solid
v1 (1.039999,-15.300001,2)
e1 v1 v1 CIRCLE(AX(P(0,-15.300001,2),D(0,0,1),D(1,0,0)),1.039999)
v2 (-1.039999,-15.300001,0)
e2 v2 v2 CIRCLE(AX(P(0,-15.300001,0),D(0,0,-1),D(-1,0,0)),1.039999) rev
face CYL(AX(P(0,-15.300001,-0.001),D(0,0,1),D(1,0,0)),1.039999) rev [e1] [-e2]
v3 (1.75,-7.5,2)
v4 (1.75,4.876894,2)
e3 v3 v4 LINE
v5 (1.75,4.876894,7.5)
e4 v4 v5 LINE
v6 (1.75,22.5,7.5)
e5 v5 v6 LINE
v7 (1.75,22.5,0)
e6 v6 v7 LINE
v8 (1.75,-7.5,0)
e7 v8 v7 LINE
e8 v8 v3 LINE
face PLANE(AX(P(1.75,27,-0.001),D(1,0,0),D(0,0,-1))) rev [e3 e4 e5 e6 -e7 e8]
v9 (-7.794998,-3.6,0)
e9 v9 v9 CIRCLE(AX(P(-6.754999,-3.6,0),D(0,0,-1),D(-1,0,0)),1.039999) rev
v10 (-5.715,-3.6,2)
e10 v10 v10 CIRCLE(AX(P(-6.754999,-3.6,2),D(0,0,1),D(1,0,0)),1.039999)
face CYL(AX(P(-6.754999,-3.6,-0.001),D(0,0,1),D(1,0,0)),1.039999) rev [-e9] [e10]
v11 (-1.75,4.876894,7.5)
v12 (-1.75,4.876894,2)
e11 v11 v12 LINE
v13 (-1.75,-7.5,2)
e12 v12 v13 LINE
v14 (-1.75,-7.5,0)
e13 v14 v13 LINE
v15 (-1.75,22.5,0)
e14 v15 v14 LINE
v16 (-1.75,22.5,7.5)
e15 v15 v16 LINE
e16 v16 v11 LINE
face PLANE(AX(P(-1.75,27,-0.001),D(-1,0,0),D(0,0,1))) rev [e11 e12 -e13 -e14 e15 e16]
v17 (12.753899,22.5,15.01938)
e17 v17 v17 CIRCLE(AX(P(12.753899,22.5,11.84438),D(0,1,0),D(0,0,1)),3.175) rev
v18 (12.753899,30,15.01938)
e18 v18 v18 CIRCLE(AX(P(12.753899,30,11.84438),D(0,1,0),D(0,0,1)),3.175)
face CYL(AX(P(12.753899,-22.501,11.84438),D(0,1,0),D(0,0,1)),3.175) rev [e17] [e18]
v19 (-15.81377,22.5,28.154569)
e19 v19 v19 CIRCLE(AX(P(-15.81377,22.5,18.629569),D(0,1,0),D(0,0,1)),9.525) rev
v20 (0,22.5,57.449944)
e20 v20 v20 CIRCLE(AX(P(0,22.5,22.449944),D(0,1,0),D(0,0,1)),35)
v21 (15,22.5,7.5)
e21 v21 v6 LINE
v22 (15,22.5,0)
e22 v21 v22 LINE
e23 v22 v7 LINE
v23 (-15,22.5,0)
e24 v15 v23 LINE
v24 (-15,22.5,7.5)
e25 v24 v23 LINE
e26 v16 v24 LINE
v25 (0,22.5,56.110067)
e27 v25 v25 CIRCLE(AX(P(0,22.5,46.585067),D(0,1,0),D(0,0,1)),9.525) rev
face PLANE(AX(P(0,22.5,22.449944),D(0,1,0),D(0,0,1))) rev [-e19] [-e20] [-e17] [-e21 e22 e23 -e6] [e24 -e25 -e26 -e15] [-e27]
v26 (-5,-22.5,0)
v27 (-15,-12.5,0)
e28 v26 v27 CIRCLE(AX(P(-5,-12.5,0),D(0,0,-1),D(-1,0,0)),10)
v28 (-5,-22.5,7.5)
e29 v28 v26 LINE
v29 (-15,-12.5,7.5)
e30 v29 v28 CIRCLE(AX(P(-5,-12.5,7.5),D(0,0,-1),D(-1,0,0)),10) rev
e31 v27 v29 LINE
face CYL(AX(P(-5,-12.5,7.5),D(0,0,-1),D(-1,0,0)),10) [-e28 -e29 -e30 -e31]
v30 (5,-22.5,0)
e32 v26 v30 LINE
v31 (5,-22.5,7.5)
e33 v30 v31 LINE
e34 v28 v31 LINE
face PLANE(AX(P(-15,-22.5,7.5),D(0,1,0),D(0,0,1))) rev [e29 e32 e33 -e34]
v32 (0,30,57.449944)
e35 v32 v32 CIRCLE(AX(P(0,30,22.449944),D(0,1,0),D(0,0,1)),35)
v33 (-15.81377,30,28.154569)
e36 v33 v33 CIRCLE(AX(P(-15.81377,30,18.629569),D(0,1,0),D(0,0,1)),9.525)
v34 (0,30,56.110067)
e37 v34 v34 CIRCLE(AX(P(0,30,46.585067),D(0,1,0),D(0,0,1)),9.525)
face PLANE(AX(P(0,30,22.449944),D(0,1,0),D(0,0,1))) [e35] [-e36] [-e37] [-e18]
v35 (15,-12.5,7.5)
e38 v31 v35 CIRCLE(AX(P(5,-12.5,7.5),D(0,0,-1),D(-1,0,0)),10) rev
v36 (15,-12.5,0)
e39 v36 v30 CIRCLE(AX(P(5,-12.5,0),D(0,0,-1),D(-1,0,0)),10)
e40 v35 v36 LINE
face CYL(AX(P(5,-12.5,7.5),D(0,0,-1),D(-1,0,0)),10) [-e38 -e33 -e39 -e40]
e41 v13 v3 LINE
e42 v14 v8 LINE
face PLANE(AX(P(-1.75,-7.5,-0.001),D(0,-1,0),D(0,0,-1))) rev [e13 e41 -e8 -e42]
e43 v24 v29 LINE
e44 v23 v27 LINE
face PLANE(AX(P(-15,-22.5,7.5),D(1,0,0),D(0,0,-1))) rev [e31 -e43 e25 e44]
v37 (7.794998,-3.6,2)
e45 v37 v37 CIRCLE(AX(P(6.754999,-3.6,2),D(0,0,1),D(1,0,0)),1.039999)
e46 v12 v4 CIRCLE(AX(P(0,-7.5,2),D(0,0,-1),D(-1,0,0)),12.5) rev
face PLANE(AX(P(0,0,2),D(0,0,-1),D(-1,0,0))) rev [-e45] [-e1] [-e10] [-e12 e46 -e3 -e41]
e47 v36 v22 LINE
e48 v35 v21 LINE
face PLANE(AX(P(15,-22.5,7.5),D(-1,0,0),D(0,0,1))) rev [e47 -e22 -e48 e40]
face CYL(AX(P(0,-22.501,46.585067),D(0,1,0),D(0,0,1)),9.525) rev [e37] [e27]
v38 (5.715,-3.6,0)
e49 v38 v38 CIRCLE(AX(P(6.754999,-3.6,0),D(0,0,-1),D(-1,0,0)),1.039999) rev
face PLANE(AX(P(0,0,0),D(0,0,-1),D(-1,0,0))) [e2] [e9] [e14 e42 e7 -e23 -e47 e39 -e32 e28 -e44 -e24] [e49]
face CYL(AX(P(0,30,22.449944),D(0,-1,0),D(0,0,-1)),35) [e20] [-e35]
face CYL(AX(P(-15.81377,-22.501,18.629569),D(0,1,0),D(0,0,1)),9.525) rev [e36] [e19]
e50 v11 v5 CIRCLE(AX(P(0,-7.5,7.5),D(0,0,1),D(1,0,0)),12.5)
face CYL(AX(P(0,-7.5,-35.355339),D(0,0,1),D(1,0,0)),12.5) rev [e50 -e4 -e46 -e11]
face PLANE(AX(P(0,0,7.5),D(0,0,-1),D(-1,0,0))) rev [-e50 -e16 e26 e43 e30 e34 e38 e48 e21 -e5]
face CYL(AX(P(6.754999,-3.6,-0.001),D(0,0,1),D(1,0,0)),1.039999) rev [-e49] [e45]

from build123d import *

# Parameters (mm, degrees)
SKETCH1_W           = 30
SKETCH1_H           = 45
BOSS_EXTRUDE1_DEPTH = 7.5
SKETCH2_R           = 12.5
CUT_EXTRUDE1_DEPTH  = 5.5
CUT_EXTRUDE2_REACH  = 4
SKETCH4_R           = 1.039999008
FILLET1_R           = 10
CUT_EXTRUDE3_REACH  = 9.5
SKETCH6_W           = 3.5
SKETCH6_H           = 34.5
SKETCH9_R           = 35
BOSS_EXTRUDE3_DEPTH = 7.5
CUT_EXTRUDE4_REACH  = 54.5
SKETCH10_R          = 9.525
SKETCH10_R_2        = 3.175


with BuildPart() as part:
    # Sketch1 → Boss-Extrude1 (new body)
    with BuildSketch(Plane.XY):
        Rectangle(SKETCH1_W, SKETCH1_H)
    extrude(amount=BOSS_EXTRUDE1_DEPTH)

    # Sketch2 → Cut-Extrude1 (cut)
    with BuildSketch(Plane.XY.offset(7.5)):
        with Locations((0, -7.5)):
            Circle(SKETCH2_R)
    extrude(amount=-CUT_EXTRUDE1_DEPTH, mode=Mode.SUBTRACT)

    # Sketch4 → Cut-Extrude2 (cut, up to next)
    with BuildSketch(Plane.XY.offset(2), mode=Mode.PRIVATE) as cut_extrude2_sk1:
        with Locations((0, -15.300000992)):
            Circle(SKETCH4_R)
    cut_extrude2_tool1 = extrude(cut_extrude2_sk1.sketch, amount=-CUT_EXTRUDE2_REACH, mode=Mode.PRIVATE) & part.part
    add(cut_extrude2_tool1.solids().sort_by_distance((0, -15.300001, 2))[0], mode=Mode.SUBTRACT)
    # Sketch4 → Cut-Extrude2 (cut, up to next)
    with BuildSketch(Plane.XY.offset(2), mode=Mode.PRIVATE) as cut_extrude2_sk2:
        with Locations((6.754999008, -3.599999504)):
            Circle(SKETCH4_R)
    cut_extrude2_tool2 = extrude(cut_extrude2_sk2.sketch, amount=-CUT_EXTRUDE2_REACH, mode=Mode.PRIVATE) & part.part
    add(cut_extrude2_tool2.solids().sort_by_distance((6.754999, -3.6, 2))[0], mode=Mode.SUBTRACT)
    # Sketch4 → Cut-Extrude2 (cut, up to next)
    with BuildSketch(Plane.XY.offset(2), mode=Mode.PRIVATE) as cut_extrude2_sk3:
        with Locations((-6.754999008, -3.599999504)):
            Circle(SKETCH4_R)
    cut_extrude2_tool3 = extrude(cut_extrude2_sk3.sketch, amount=-CUT_EXTRUDE2_REACH, mode=Mode.PRIVATE) & part.part
    add(cut_extrude2_tool3.solids().sort_by_distance((-6.754999, -3.6, 2))[0], mode=Mode.SUBTRACT)

    # Fillet1
    fillet1_edges = [part.edges().sort_by_distance(p)[0] for p in [
        (15, -22.5, 3.75),
        (-15, -22.5, 3.75),
    ]]
    fillet(fillet1_edges, radius=FILLET1_R)

    # Sketch6 → Cut-Extrude3 (cut, up to next)
    with BuildSketch(Plane.XY.offset(7.5), mode=Mode.PRIVATE) as cut_extrude3_sk1:
        with Locations((0, 9.75)):
            Rectangle(SKETCH6_W, SKETCH6_H)
    cut_extrude3_tool1 = extrude(cut_extrude3_sk1.sketch, amount=-CUT_EXTRUDE3_REACH, mode=Mode.PRIVATE) & part.part
    add(cut_extrude3_tool1.solids().sort_by_distance((0, 9.75, 7.5))[0], mode=Mode.SUBTRACT)

    # Sketch9 → Boss-Extrude3 (add)
    with BuildSketch(Plane(origin=(0, 22.5, 0), x_dir=(1, 0, 0), z_dir=(0, 1, 0))):
        with Locations((0, -22.449944321)):
            Circle(SKETCH9_R)
    extrude(amount=BOSS_EXTRUDE3_DEPTH)

    # Sketch10 → Cut-Extrude4 (cut, up to next)
    with BuildSketch(Plane(origin=(0, 30, 0), x_dir=(1, 0, 0), z_dir=(0, 1, 0)), mode=Mode.PRIVATE) as cut_extrude4_sk1:
        with Locations((0, -46.585066781)):
            Circle(SKETCH10_R)
    cut_extrude4_tool1 = extrude(cut_extrude4_sk1.sketch, amount=-CUT_EXTRUDE4_REACH, mode=Mode.PRIVATE) & part.part
    add(cut_extrude4_tool1.solids().sort_by_distance((0, 30, 46.585067))[0], mode=Mode.SUBTRACT)
    # Sketch10 → Cut-Extrude4 (cut, up to next)
    with BuildSketch(Plane(origin=(0, 30, 0), x_dir=(1, 0, 0), z_dir=(0, 1, 0)), mode=Mode.PRIVATE) as cut_extrude4_sk2:
        with Locations((-15.813770298, -18.629568863)):
            Circle(SKETCH10_R)
    cut_extrude4_tool2 = extrude(cut_extrude4_sk2.sketch, amount=-CUT_EXTRUDE4_REACH, mode=Mode.PRIVATE) & part.part
    add(cut_extrude4_tool2.solids().sort_by_distance((-15.81377, 30, 18.629569))[0], mode=Mode.SUBTRACT)
    # Sketch10 → Cut-Extrude4 (cut, up to next)
    with BuildSketch(Plane(origin=(0, 30, 0), x_dir=(1, 0, 0), z_dir=(0, 1, 0)), mode=Mode.PRIVATE) as cut_extrude4_sk3:
        with Locations((12.753899309, -11.844380068)):
            Circle(SKETCH10_R_2)
    cut_extrude4_tool3 = extrude(cut_extrude4_sk3.sketch, amount=-CUT_EXTRUDE4_REACH, mode=Mode.PRIVATE) & part.part
    add(cut_extrude4_tool3.solids().sort_by_distance((12.753899, 30, 11.84438))[0], mode=Mode.SUBTRACT)


solid = part.part
